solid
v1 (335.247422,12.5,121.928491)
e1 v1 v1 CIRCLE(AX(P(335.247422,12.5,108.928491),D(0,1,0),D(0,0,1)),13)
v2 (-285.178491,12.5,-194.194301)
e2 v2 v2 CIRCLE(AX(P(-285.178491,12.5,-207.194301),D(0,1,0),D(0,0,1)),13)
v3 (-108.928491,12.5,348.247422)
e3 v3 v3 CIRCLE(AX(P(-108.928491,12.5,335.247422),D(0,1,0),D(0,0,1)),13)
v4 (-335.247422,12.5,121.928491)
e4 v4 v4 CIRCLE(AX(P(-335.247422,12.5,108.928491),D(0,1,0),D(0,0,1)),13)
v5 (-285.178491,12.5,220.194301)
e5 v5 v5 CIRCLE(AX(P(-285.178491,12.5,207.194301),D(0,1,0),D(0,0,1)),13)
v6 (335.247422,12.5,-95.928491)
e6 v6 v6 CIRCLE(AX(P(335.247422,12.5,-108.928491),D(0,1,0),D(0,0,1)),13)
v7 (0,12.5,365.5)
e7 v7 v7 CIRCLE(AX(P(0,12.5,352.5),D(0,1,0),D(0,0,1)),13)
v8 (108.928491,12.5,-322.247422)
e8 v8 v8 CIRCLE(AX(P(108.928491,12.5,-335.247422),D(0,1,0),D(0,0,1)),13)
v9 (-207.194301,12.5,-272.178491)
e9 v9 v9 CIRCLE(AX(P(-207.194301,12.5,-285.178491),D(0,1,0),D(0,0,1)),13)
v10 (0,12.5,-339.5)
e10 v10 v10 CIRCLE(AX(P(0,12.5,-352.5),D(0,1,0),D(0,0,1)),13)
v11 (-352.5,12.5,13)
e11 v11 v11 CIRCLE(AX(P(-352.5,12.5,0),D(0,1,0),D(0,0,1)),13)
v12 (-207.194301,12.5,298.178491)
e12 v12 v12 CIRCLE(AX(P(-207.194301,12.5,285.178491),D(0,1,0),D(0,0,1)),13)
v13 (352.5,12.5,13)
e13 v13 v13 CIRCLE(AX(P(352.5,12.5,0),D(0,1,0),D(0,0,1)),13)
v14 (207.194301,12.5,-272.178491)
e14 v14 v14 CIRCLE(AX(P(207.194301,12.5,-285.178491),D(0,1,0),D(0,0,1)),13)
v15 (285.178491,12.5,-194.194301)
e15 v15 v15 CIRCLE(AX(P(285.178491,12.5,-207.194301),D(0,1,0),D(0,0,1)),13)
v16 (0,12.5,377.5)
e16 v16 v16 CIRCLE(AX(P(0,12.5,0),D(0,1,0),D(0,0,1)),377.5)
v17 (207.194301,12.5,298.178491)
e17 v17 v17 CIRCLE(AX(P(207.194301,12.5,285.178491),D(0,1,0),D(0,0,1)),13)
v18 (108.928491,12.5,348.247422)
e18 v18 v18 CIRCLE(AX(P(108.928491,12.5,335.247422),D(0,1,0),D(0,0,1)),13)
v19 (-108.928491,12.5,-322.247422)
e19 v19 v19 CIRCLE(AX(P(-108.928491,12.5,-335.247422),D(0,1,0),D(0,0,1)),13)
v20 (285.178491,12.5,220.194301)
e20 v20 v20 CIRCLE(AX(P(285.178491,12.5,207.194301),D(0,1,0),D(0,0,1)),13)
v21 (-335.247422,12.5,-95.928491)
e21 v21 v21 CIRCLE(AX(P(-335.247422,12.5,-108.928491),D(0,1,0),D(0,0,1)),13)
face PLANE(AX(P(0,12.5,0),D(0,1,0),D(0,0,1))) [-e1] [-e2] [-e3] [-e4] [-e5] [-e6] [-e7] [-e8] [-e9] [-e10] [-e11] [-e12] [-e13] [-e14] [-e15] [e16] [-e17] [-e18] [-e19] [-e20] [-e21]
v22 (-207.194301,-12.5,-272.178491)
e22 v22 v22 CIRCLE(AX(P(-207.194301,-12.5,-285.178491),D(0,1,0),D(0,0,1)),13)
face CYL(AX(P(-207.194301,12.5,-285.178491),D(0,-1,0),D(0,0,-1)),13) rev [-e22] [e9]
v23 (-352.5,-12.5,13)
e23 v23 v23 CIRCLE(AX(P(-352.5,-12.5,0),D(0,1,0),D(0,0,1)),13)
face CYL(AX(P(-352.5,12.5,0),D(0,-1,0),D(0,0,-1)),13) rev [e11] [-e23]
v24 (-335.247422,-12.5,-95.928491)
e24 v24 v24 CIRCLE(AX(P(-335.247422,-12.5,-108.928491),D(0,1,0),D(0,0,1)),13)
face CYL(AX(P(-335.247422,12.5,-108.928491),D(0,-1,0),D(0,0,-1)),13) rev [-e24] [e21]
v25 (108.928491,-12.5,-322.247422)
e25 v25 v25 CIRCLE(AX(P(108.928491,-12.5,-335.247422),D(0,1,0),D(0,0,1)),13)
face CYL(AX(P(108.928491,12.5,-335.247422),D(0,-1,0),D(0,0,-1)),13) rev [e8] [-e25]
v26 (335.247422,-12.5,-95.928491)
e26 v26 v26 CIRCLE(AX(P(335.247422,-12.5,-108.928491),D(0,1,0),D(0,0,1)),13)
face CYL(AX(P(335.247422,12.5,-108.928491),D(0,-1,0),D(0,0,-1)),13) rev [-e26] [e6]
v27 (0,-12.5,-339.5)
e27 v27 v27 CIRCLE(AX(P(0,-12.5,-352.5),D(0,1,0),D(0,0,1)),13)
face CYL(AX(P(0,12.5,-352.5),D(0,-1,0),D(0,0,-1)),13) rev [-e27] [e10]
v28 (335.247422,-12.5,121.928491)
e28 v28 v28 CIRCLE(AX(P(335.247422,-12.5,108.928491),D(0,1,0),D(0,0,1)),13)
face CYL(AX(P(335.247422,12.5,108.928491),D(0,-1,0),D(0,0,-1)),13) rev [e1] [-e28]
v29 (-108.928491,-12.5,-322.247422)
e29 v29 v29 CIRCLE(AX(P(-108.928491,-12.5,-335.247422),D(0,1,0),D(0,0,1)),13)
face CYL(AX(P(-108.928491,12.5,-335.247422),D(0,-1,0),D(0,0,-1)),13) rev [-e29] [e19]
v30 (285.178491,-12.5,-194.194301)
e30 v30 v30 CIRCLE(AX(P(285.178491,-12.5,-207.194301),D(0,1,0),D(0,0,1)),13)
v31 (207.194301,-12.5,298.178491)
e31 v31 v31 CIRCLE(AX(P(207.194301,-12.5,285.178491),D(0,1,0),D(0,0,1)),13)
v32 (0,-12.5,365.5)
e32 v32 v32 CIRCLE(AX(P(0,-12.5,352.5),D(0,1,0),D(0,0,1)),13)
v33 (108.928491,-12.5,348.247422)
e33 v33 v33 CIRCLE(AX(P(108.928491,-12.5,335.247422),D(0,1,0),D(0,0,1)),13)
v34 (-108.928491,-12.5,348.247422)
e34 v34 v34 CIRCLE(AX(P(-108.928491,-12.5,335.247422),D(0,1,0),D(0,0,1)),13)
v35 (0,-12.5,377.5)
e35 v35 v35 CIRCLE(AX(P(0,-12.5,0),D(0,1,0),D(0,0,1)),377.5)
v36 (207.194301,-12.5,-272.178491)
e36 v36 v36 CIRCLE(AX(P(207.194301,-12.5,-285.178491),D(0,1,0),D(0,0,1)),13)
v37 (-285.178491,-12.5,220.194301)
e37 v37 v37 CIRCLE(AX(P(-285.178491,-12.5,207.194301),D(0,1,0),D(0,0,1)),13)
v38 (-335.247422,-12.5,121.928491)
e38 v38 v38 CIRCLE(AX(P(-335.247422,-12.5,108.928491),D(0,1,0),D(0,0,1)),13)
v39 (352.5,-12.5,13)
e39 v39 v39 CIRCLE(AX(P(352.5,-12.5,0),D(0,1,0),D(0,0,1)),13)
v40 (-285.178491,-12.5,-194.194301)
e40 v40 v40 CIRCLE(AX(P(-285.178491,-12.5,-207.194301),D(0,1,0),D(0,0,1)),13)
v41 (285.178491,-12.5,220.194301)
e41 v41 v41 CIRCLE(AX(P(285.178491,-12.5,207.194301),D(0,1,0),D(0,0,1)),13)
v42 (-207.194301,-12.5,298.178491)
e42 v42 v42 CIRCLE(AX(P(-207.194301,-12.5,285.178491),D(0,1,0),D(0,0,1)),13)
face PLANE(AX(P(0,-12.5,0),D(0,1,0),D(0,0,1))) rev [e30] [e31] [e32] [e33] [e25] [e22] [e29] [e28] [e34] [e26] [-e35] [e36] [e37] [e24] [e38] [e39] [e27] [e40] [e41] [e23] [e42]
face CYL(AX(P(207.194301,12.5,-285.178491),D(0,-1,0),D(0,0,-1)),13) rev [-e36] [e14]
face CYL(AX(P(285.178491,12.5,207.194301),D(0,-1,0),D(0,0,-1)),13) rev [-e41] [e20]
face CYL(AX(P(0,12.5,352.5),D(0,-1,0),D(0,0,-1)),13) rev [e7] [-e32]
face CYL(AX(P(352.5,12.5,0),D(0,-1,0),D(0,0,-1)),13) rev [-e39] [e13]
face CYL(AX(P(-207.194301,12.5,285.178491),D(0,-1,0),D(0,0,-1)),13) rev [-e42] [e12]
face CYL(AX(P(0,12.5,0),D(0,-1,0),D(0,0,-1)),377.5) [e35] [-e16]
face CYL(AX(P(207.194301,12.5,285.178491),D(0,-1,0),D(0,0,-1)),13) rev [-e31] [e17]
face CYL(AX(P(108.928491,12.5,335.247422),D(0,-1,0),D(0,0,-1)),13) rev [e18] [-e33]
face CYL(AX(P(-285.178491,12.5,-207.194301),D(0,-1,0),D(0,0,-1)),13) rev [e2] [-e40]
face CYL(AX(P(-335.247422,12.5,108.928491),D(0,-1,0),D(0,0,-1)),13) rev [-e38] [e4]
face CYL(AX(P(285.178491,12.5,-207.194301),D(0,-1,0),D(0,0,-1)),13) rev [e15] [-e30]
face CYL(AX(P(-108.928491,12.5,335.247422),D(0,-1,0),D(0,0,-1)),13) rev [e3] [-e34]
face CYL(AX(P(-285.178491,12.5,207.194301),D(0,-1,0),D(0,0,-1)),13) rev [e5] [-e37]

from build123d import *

# Parameters (mm, degrees)
SKETCH1_R           = 377.5
SKETCH1_R_2         = 13
BOSS_EXTRUDE1_DEPTH = 12.5


with BuildPart() as part:
    # Sketch1 → Boss-Extrude1 (new, symmetric)
    with BuildSketch(Plane(origin=(0, 0, 0), x_dir=(1, 0, 0), z_dir=(0, 1, 0))):
        with Locations(Location((0, 0, 0), (0, 0, 270))):
            Circle(SKETCH1_R)
        with Locations(Location((0, 352.5, 0), (0, 0, 270))):
            Circle(SKETCH1_R_2, mode=Mode.SUBTRACT)
        with Locations(Location((108.928490517, 335.247421994, 0), (0, 0, 270))):
            Circle(SKETCH1_R_2, mode=Mode.SUBTRACT)
        with Locations(Location((207.194301433, 285.178490517, 0), (0, 0, 270))):
            Circle(SKETCH1_R_2, mode=Mode.SUBTRACT)
        with Locations(Location((285.178490517, 207.194301433, 0), (0, 0, 270))):
            Circle(SKETCH1_R_2, mode=Mode.SUBTRACT)
        with Locations(Location((335.247421994, 108.928490517, 0), (0, 0, 270))):
            Circle(SKETCH1_R_2, mode=Mode.SUBTRACT)
        with Locations(Location((352.5, 0, 0), (0, 0, 270))):
            Circle(SKETCH1_R_2, mode=Mode.SUBTRACT)
        with Locations(Location((335.247421994, -108.928490517, 0), (0, 0, 270))):
            Circle(SKETCH1_R_2, mode=Mode.SUBTRACT)
        with Locations(Location((285.178490517, -207.194301433, 0), (0, 0, 270))):
            Circle(SKETCH1_R_2, mode=Mode.SUBTRACT)
        with Locations(Location((207.194301433, -285.178490517, 0), (0, 0, 270))):
            Circle(SKETCH1_R_2, mode=Mode.SUBTRACT)
        with Locations(Location((108.928490517, -335.247421994, 0), (0, 0, 270))):
            Circle(SKETCH1_R_2, mode=Mode.SUBTRACT)
        with Locations(Location((0, -352.5, 0), (0, 0, 270))):
            Circle(SKETCH1_R_2, mode=Mode.SUBTRACT)
        with Locations(Location((-108.928490517, -335.247421994, 0), (0, 0, 270))):
            Circle(SKETCH1_R_2, mode=Mode.SUBTRACT)
        with Locations(Location((-207.194301433, -285.178490517, 0), (0, 0, 270))):
            Circle(SKETCH1_R_2, mode=Mode.SUBTRACT)
        with Locations(Location((-285.178490517, -207.194301433, 0), (0, 0, 270))):
            Circle(SKETCH1_R_2, mode=Mode.SUBTRACT)
        with Locations(Location((-335.247421994, -108.928490517, 0), (0, 0, 270))):
            Circle(SKETCH1_R_2, mode=Mode.SUBTRACT)
        with Locations(Location((-352.5, 0, 0), (0, 0, 270))):
            Circle(SKETCH1_R_2, mode=Mode.SUBTRACT)
        with Locations(Location((-335.247421994, 108.928490517, 0), (0, 0, 270))):
            Circle(SKETCH1_R_2, mode=Mode.SUBTRACT)
        with Locations(Location((-285.178490517, 207.194301433, 0), (0, 0, 270))):
            Circle(SKETCH1_R_2, mode=Mode.SUBTRACT)
        with Locations(Location((-207.194301433, 285.178490517, 0), (0, 0, 270))):
            Circle(SKETCH1_R_2, mode=Mode.SUBTRACT)
        with Locations(Location((-108.928490517, 335.247421994, 0), (0, 0, 270))):
            Circle(SKETCH1_R_2, mode=Mode.SUBTRACT)
    extrude(amount=BOSS_EXTRUDE1_DEPTH, both=True)


solid = part.part
